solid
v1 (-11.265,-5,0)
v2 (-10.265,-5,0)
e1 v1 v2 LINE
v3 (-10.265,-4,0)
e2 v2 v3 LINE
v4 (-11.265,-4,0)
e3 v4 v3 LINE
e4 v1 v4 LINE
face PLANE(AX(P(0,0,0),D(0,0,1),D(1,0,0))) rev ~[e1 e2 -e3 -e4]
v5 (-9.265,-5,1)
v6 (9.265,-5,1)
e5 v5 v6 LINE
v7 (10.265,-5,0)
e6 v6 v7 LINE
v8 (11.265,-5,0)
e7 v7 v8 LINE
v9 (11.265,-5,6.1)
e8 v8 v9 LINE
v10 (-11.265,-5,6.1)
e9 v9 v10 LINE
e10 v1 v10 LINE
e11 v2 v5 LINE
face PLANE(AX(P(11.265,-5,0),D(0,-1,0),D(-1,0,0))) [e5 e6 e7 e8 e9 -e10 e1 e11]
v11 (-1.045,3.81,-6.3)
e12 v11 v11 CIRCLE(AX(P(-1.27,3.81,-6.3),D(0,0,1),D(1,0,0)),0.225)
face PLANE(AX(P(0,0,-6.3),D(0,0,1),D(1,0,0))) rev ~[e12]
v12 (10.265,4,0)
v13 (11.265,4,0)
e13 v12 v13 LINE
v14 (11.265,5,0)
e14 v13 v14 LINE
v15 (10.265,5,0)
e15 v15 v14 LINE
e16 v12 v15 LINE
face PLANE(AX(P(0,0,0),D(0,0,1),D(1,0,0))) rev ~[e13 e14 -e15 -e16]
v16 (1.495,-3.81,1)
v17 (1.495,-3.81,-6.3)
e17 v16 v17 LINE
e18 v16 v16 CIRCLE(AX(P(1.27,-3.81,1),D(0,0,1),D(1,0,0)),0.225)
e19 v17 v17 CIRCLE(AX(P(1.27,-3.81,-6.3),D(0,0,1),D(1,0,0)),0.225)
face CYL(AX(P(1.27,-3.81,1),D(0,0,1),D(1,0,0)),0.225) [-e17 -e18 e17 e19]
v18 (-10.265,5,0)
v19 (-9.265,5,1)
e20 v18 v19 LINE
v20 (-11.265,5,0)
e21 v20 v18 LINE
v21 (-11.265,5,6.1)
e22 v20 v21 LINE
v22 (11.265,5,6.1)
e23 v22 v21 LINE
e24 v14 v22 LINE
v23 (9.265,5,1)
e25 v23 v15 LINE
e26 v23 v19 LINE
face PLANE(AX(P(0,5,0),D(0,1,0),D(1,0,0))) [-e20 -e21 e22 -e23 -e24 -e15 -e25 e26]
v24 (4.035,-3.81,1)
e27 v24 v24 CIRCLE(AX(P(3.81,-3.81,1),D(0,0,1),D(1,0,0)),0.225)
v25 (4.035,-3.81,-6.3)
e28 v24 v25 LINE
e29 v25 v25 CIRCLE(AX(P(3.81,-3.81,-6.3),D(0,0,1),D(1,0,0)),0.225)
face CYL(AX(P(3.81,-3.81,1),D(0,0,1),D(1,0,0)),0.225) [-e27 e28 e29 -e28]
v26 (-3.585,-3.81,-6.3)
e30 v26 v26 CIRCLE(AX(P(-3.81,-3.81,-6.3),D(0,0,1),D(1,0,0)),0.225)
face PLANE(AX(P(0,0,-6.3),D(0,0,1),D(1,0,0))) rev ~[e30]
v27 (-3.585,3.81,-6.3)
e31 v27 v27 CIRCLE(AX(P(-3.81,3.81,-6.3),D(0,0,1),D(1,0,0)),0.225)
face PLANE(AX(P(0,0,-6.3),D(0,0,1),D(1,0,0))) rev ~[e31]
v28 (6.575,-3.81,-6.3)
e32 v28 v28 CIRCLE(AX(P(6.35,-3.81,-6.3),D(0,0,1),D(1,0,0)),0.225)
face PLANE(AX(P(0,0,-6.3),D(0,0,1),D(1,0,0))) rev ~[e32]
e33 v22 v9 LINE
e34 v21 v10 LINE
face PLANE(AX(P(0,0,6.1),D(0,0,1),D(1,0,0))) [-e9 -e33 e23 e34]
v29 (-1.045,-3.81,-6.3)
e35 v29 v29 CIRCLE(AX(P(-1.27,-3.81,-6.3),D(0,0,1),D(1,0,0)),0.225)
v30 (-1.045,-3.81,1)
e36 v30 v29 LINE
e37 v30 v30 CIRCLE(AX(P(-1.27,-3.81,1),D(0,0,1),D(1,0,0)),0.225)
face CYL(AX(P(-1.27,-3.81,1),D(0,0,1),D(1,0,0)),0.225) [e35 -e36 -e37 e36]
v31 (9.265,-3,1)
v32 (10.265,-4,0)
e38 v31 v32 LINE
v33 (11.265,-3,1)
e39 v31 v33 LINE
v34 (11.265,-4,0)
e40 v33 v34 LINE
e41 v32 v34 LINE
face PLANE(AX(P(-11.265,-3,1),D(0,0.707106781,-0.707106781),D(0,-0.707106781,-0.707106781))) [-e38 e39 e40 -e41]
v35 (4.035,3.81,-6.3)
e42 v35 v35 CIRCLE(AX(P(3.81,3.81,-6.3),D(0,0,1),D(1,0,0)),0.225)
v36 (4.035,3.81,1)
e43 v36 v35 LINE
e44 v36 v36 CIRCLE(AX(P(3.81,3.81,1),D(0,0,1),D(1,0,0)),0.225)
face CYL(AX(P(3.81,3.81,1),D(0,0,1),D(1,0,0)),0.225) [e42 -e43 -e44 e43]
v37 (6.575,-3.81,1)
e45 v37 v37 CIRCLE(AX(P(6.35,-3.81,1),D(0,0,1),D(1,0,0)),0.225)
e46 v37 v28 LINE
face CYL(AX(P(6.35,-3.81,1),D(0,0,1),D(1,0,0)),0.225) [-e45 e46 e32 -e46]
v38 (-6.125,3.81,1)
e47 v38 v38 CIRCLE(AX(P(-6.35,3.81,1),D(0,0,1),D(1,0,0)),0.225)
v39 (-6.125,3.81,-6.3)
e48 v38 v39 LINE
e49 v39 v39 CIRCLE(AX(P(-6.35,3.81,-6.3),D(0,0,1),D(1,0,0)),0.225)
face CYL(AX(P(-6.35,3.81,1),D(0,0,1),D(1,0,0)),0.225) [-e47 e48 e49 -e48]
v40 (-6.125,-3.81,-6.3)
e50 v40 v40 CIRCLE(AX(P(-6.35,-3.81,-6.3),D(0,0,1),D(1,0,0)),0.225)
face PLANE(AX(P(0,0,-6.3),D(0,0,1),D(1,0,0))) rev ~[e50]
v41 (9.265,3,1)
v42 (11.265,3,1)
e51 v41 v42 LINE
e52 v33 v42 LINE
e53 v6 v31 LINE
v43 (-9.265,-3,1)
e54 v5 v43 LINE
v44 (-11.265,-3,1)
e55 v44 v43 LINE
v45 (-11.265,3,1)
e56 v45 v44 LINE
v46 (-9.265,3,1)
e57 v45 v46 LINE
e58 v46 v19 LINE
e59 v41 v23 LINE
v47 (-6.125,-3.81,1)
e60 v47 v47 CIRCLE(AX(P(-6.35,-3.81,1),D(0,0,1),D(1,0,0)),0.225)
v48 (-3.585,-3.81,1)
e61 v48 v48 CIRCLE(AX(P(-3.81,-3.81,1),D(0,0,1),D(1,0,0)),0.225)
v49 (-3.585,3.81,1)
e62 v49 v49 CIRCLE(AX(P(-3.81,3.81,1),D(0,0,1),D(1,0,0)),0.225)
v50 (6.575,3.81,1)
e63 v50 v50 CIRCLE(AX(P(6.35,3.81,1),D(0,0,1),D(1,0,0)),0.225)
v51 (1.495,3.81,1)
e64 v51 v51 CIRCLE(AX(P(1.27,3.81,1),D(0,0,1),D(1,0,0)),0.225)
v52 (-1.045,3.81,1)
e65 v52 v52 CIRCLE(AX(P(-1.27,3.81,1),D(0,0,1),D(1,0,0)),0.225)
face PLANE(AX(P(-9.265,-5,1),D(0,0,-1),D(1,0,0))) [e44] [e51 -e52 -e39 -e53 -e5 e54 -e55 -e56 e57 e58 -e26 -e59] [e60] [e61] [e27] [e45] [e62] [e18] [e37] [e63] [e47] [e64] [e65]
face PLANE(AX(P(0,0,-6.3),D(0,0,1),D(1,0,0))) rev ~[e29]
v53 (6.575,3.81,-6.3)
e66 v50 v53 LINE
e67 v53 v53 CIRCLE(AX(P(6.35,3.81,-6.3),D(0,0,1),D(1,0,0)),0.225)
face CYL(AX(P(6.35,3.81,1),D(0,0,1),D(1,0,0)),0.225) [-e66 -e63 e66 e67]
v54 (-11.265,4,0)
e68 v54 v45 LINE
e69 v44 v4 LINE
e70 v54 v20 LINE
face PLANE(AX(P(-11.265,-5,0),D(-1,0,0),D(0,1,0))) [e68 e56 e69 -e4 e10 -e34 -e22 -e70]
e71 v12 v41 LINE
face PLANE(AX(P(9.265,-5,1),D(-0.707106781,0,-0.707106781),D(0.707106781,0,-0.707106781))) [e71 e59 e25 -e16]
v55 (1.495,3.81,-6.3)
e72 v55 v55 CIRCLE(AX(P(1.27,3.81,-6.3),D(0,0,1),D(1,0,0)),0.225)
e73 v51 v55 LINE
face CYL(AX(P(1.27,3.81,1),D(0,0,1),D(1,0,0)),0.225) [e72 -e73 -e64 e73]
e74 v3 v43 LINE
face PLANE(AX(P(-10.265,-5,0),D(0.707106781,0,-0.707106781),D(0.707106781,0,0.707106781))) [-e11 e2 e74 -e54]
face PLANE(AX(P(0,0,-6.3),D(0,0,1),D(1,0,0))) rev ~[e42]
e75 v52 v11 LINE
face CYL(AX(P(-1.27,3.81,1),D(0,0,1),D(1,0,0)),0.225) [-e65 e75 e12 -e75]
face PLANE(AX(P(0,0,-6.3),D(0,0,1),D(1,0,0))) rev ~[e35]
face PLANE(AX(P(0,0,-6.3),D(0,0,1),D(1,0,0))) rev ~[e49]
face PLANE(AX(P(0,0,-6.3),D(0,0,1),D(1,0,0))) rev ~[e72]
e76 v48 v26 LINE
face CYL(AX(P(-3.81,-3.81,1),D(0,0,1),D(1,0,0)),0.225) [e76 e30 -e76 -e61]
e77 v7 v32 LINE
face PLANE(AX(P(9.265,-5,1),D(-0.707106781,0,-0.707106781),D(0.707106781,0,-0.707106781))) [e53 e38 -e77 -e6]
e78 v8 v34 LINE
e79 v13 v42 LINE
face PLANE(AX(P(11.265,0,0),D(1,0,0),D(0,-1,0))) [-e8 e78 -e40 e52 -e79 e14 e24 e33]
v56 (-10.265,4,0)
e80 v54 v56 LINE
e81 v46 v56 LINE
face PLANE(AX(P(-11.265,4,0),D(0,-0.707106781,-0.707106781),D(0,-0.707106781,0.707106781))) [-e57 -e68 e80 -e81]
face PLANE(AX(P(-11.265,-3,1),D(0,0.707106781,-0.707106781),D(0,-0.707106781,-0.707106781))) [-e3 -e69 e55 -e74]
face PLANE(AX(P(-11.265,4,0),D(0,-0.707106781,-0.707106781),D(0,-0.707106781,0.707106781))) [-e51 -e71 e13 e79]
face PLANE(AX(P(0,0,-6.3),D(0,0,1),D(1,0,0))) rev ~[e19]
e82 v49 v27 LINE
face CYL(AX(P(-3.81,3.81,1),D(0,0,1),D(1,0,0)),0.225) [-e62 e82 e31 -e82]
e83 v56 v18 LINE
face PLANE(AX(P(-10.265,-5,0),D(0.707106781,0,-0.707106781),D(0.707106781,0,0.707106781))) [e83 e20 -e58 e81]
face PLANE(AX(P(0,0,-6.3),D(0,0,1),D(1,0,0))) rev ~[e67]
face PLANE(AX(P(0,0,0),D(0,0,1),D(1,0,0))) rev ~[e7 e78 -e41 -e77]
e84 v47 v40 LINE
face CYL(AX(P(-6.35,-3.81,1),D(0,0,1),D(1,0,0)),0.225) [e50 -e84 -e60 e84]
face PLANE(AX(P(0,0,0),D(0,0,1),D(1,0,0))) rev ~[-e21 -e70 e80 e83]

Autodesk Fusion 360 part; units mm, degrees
sketch "Sketch1" plane through (0, 0, 0) normal (0, 0, 1) x (1, 0, 0)
  line L0 (11.265, -5) -> (-11.265, -5)
  line L1 (-11.265, -5) -> (-11.265, 5)
  line L2 (-11.265, 5) -> (11.265, 5)
  line L3 (11.265, 5) -> (11.265, -5)
  line L4 (11.265, -5) -> (-11.265, 5) construction
  line L5 (-11.265, -5) -> (11.265, 5) construction
  line L6 (-11.265, 0) -> (11.265, 0)
  line L7 (0, 5) -> (0, -5)
  circle A0 centre (-6.35, 3.81) radius 0.225
  circle A1 centre (-3.81, 3.81) radius 0.225
  circle A2 centre (-1.27, 3.81) radius 0.225
  circle A3 centre (1.27, 3.81) radius 0.225
  circle A4 centre (3.81, 3.81) radius 0.225
  circle A5 centre (6.35, 3.81) radius 0.225
  circle A6 centre (-6.35, -3.81) radius 0.225
  circle A7 centre (-3.81, -3.81) radius 0.225
  circle A8 centre (-1.27, -3.81) radius 0.225
  circle A9 centre (1.27, -3.81) radius 0.225
  circle A10 centre (3.81, -3.81) radius 0.225
  circle A11 centre (6.35, -3.81) radius 0.225
  dimension "d1" = 22.53
  dimension "d2" = 10
  dimension "d4" = 0.45
  dimension "d5" = 12.7
  dimension "d6" = 7.62
  dimension "d9" = 2.54
  dimension "d10" = -7.62
extrude "Extrude1" add sketch "Sketch1" along normal blind 6.1 contours L0 L3 L6 L7 | L0 L1 L6 L7 | L2 L3 L6 L7 | L1 L2 L6 L7 | A0 | A1 | A2 | A3 | A4 | A5 | A6 | A7 | A8 | A9 | A10 | A11
sketch "Sketch2" plane through (0, -5, 0) normal (0, -1, 0) x (1, 0, 0)
  line L0 (-11.265, 0) -> (11.265, 0)
  line L1 (11.265, 0) -> (11.265, 6.1)
  line L2 (11.265, 6.1) -> (-11.265, 6.1)
  line L3 (-11.265, 6.1) -> (-11.265, 0)
  line L4 (-10.265, 0) -> (-9.265, 1)
  line L5 (-9.265, 1) -> (9.265, 1)
  line L6 (9.265, 1) -> (10.265, 0)
  line L7 (11.265, 0) -> (-11.265, 0)
  line L8 (0, 0) -> (0, 6.1)
  point P0 (-11.265, 0)
  point P1 (11.265, 0)
  dimension "d15" = 1
  dimension "d16" = 1
  dimension "d17" = 1
  dimension "d26" = 45
extrude "Extrude3" cut sketch "Sketch2" against normal up to surface (10 mm away) contours L0 L4 L5 L7 L8 | L0 L5 L6 L7 L8
sketch "Sketch3" plane through (-11.265, 0, 0) normal (-1, 0, 0) x (0, -1, 0)
  line L0 (-5, 0) -> (5, 0)
  line L1 (5, 0) -> (5, 6.1)
  line L2 (5, 6.1) -> (-5, 6.1)
  line L3 (-5, 6.1) -> (-5, 0)
  line L4 (-4, 0) -> (-3, 1)
  line L5 (-3, 1) -> (3, 1)
  line L6 (3, 1) -> (4, 0)
  line L7 (5, 0) -> (-5, 0)
  line L8 (-5, 0) -> (-4, 0)
  line L9 (0, 0) -> (0, 6.1)
  dimension "d22" = 1
  dimension "d23" = 1
  dimension "d24" = 1
  dimension "d25" = 45
extrude "Extrude4" cut sketch "Sketch3" against normal up to surface (22.53 mm away) contours L0 L4 L5 L7 L9 | L0 L5 L6 L7 L9
extrude "Extrude2" add sketch "Sketch1" against normal blind 7.3 from surface at 1 contours A0 | A1 | A2 | A3 | A4 | A5 | A6 | A7 | A8 | A9 | A10 | A11
equation "d5 = ( 2.54 * 5 ) * 1 mm"
equation "d13 = -6.30 mm - 1 mm"
